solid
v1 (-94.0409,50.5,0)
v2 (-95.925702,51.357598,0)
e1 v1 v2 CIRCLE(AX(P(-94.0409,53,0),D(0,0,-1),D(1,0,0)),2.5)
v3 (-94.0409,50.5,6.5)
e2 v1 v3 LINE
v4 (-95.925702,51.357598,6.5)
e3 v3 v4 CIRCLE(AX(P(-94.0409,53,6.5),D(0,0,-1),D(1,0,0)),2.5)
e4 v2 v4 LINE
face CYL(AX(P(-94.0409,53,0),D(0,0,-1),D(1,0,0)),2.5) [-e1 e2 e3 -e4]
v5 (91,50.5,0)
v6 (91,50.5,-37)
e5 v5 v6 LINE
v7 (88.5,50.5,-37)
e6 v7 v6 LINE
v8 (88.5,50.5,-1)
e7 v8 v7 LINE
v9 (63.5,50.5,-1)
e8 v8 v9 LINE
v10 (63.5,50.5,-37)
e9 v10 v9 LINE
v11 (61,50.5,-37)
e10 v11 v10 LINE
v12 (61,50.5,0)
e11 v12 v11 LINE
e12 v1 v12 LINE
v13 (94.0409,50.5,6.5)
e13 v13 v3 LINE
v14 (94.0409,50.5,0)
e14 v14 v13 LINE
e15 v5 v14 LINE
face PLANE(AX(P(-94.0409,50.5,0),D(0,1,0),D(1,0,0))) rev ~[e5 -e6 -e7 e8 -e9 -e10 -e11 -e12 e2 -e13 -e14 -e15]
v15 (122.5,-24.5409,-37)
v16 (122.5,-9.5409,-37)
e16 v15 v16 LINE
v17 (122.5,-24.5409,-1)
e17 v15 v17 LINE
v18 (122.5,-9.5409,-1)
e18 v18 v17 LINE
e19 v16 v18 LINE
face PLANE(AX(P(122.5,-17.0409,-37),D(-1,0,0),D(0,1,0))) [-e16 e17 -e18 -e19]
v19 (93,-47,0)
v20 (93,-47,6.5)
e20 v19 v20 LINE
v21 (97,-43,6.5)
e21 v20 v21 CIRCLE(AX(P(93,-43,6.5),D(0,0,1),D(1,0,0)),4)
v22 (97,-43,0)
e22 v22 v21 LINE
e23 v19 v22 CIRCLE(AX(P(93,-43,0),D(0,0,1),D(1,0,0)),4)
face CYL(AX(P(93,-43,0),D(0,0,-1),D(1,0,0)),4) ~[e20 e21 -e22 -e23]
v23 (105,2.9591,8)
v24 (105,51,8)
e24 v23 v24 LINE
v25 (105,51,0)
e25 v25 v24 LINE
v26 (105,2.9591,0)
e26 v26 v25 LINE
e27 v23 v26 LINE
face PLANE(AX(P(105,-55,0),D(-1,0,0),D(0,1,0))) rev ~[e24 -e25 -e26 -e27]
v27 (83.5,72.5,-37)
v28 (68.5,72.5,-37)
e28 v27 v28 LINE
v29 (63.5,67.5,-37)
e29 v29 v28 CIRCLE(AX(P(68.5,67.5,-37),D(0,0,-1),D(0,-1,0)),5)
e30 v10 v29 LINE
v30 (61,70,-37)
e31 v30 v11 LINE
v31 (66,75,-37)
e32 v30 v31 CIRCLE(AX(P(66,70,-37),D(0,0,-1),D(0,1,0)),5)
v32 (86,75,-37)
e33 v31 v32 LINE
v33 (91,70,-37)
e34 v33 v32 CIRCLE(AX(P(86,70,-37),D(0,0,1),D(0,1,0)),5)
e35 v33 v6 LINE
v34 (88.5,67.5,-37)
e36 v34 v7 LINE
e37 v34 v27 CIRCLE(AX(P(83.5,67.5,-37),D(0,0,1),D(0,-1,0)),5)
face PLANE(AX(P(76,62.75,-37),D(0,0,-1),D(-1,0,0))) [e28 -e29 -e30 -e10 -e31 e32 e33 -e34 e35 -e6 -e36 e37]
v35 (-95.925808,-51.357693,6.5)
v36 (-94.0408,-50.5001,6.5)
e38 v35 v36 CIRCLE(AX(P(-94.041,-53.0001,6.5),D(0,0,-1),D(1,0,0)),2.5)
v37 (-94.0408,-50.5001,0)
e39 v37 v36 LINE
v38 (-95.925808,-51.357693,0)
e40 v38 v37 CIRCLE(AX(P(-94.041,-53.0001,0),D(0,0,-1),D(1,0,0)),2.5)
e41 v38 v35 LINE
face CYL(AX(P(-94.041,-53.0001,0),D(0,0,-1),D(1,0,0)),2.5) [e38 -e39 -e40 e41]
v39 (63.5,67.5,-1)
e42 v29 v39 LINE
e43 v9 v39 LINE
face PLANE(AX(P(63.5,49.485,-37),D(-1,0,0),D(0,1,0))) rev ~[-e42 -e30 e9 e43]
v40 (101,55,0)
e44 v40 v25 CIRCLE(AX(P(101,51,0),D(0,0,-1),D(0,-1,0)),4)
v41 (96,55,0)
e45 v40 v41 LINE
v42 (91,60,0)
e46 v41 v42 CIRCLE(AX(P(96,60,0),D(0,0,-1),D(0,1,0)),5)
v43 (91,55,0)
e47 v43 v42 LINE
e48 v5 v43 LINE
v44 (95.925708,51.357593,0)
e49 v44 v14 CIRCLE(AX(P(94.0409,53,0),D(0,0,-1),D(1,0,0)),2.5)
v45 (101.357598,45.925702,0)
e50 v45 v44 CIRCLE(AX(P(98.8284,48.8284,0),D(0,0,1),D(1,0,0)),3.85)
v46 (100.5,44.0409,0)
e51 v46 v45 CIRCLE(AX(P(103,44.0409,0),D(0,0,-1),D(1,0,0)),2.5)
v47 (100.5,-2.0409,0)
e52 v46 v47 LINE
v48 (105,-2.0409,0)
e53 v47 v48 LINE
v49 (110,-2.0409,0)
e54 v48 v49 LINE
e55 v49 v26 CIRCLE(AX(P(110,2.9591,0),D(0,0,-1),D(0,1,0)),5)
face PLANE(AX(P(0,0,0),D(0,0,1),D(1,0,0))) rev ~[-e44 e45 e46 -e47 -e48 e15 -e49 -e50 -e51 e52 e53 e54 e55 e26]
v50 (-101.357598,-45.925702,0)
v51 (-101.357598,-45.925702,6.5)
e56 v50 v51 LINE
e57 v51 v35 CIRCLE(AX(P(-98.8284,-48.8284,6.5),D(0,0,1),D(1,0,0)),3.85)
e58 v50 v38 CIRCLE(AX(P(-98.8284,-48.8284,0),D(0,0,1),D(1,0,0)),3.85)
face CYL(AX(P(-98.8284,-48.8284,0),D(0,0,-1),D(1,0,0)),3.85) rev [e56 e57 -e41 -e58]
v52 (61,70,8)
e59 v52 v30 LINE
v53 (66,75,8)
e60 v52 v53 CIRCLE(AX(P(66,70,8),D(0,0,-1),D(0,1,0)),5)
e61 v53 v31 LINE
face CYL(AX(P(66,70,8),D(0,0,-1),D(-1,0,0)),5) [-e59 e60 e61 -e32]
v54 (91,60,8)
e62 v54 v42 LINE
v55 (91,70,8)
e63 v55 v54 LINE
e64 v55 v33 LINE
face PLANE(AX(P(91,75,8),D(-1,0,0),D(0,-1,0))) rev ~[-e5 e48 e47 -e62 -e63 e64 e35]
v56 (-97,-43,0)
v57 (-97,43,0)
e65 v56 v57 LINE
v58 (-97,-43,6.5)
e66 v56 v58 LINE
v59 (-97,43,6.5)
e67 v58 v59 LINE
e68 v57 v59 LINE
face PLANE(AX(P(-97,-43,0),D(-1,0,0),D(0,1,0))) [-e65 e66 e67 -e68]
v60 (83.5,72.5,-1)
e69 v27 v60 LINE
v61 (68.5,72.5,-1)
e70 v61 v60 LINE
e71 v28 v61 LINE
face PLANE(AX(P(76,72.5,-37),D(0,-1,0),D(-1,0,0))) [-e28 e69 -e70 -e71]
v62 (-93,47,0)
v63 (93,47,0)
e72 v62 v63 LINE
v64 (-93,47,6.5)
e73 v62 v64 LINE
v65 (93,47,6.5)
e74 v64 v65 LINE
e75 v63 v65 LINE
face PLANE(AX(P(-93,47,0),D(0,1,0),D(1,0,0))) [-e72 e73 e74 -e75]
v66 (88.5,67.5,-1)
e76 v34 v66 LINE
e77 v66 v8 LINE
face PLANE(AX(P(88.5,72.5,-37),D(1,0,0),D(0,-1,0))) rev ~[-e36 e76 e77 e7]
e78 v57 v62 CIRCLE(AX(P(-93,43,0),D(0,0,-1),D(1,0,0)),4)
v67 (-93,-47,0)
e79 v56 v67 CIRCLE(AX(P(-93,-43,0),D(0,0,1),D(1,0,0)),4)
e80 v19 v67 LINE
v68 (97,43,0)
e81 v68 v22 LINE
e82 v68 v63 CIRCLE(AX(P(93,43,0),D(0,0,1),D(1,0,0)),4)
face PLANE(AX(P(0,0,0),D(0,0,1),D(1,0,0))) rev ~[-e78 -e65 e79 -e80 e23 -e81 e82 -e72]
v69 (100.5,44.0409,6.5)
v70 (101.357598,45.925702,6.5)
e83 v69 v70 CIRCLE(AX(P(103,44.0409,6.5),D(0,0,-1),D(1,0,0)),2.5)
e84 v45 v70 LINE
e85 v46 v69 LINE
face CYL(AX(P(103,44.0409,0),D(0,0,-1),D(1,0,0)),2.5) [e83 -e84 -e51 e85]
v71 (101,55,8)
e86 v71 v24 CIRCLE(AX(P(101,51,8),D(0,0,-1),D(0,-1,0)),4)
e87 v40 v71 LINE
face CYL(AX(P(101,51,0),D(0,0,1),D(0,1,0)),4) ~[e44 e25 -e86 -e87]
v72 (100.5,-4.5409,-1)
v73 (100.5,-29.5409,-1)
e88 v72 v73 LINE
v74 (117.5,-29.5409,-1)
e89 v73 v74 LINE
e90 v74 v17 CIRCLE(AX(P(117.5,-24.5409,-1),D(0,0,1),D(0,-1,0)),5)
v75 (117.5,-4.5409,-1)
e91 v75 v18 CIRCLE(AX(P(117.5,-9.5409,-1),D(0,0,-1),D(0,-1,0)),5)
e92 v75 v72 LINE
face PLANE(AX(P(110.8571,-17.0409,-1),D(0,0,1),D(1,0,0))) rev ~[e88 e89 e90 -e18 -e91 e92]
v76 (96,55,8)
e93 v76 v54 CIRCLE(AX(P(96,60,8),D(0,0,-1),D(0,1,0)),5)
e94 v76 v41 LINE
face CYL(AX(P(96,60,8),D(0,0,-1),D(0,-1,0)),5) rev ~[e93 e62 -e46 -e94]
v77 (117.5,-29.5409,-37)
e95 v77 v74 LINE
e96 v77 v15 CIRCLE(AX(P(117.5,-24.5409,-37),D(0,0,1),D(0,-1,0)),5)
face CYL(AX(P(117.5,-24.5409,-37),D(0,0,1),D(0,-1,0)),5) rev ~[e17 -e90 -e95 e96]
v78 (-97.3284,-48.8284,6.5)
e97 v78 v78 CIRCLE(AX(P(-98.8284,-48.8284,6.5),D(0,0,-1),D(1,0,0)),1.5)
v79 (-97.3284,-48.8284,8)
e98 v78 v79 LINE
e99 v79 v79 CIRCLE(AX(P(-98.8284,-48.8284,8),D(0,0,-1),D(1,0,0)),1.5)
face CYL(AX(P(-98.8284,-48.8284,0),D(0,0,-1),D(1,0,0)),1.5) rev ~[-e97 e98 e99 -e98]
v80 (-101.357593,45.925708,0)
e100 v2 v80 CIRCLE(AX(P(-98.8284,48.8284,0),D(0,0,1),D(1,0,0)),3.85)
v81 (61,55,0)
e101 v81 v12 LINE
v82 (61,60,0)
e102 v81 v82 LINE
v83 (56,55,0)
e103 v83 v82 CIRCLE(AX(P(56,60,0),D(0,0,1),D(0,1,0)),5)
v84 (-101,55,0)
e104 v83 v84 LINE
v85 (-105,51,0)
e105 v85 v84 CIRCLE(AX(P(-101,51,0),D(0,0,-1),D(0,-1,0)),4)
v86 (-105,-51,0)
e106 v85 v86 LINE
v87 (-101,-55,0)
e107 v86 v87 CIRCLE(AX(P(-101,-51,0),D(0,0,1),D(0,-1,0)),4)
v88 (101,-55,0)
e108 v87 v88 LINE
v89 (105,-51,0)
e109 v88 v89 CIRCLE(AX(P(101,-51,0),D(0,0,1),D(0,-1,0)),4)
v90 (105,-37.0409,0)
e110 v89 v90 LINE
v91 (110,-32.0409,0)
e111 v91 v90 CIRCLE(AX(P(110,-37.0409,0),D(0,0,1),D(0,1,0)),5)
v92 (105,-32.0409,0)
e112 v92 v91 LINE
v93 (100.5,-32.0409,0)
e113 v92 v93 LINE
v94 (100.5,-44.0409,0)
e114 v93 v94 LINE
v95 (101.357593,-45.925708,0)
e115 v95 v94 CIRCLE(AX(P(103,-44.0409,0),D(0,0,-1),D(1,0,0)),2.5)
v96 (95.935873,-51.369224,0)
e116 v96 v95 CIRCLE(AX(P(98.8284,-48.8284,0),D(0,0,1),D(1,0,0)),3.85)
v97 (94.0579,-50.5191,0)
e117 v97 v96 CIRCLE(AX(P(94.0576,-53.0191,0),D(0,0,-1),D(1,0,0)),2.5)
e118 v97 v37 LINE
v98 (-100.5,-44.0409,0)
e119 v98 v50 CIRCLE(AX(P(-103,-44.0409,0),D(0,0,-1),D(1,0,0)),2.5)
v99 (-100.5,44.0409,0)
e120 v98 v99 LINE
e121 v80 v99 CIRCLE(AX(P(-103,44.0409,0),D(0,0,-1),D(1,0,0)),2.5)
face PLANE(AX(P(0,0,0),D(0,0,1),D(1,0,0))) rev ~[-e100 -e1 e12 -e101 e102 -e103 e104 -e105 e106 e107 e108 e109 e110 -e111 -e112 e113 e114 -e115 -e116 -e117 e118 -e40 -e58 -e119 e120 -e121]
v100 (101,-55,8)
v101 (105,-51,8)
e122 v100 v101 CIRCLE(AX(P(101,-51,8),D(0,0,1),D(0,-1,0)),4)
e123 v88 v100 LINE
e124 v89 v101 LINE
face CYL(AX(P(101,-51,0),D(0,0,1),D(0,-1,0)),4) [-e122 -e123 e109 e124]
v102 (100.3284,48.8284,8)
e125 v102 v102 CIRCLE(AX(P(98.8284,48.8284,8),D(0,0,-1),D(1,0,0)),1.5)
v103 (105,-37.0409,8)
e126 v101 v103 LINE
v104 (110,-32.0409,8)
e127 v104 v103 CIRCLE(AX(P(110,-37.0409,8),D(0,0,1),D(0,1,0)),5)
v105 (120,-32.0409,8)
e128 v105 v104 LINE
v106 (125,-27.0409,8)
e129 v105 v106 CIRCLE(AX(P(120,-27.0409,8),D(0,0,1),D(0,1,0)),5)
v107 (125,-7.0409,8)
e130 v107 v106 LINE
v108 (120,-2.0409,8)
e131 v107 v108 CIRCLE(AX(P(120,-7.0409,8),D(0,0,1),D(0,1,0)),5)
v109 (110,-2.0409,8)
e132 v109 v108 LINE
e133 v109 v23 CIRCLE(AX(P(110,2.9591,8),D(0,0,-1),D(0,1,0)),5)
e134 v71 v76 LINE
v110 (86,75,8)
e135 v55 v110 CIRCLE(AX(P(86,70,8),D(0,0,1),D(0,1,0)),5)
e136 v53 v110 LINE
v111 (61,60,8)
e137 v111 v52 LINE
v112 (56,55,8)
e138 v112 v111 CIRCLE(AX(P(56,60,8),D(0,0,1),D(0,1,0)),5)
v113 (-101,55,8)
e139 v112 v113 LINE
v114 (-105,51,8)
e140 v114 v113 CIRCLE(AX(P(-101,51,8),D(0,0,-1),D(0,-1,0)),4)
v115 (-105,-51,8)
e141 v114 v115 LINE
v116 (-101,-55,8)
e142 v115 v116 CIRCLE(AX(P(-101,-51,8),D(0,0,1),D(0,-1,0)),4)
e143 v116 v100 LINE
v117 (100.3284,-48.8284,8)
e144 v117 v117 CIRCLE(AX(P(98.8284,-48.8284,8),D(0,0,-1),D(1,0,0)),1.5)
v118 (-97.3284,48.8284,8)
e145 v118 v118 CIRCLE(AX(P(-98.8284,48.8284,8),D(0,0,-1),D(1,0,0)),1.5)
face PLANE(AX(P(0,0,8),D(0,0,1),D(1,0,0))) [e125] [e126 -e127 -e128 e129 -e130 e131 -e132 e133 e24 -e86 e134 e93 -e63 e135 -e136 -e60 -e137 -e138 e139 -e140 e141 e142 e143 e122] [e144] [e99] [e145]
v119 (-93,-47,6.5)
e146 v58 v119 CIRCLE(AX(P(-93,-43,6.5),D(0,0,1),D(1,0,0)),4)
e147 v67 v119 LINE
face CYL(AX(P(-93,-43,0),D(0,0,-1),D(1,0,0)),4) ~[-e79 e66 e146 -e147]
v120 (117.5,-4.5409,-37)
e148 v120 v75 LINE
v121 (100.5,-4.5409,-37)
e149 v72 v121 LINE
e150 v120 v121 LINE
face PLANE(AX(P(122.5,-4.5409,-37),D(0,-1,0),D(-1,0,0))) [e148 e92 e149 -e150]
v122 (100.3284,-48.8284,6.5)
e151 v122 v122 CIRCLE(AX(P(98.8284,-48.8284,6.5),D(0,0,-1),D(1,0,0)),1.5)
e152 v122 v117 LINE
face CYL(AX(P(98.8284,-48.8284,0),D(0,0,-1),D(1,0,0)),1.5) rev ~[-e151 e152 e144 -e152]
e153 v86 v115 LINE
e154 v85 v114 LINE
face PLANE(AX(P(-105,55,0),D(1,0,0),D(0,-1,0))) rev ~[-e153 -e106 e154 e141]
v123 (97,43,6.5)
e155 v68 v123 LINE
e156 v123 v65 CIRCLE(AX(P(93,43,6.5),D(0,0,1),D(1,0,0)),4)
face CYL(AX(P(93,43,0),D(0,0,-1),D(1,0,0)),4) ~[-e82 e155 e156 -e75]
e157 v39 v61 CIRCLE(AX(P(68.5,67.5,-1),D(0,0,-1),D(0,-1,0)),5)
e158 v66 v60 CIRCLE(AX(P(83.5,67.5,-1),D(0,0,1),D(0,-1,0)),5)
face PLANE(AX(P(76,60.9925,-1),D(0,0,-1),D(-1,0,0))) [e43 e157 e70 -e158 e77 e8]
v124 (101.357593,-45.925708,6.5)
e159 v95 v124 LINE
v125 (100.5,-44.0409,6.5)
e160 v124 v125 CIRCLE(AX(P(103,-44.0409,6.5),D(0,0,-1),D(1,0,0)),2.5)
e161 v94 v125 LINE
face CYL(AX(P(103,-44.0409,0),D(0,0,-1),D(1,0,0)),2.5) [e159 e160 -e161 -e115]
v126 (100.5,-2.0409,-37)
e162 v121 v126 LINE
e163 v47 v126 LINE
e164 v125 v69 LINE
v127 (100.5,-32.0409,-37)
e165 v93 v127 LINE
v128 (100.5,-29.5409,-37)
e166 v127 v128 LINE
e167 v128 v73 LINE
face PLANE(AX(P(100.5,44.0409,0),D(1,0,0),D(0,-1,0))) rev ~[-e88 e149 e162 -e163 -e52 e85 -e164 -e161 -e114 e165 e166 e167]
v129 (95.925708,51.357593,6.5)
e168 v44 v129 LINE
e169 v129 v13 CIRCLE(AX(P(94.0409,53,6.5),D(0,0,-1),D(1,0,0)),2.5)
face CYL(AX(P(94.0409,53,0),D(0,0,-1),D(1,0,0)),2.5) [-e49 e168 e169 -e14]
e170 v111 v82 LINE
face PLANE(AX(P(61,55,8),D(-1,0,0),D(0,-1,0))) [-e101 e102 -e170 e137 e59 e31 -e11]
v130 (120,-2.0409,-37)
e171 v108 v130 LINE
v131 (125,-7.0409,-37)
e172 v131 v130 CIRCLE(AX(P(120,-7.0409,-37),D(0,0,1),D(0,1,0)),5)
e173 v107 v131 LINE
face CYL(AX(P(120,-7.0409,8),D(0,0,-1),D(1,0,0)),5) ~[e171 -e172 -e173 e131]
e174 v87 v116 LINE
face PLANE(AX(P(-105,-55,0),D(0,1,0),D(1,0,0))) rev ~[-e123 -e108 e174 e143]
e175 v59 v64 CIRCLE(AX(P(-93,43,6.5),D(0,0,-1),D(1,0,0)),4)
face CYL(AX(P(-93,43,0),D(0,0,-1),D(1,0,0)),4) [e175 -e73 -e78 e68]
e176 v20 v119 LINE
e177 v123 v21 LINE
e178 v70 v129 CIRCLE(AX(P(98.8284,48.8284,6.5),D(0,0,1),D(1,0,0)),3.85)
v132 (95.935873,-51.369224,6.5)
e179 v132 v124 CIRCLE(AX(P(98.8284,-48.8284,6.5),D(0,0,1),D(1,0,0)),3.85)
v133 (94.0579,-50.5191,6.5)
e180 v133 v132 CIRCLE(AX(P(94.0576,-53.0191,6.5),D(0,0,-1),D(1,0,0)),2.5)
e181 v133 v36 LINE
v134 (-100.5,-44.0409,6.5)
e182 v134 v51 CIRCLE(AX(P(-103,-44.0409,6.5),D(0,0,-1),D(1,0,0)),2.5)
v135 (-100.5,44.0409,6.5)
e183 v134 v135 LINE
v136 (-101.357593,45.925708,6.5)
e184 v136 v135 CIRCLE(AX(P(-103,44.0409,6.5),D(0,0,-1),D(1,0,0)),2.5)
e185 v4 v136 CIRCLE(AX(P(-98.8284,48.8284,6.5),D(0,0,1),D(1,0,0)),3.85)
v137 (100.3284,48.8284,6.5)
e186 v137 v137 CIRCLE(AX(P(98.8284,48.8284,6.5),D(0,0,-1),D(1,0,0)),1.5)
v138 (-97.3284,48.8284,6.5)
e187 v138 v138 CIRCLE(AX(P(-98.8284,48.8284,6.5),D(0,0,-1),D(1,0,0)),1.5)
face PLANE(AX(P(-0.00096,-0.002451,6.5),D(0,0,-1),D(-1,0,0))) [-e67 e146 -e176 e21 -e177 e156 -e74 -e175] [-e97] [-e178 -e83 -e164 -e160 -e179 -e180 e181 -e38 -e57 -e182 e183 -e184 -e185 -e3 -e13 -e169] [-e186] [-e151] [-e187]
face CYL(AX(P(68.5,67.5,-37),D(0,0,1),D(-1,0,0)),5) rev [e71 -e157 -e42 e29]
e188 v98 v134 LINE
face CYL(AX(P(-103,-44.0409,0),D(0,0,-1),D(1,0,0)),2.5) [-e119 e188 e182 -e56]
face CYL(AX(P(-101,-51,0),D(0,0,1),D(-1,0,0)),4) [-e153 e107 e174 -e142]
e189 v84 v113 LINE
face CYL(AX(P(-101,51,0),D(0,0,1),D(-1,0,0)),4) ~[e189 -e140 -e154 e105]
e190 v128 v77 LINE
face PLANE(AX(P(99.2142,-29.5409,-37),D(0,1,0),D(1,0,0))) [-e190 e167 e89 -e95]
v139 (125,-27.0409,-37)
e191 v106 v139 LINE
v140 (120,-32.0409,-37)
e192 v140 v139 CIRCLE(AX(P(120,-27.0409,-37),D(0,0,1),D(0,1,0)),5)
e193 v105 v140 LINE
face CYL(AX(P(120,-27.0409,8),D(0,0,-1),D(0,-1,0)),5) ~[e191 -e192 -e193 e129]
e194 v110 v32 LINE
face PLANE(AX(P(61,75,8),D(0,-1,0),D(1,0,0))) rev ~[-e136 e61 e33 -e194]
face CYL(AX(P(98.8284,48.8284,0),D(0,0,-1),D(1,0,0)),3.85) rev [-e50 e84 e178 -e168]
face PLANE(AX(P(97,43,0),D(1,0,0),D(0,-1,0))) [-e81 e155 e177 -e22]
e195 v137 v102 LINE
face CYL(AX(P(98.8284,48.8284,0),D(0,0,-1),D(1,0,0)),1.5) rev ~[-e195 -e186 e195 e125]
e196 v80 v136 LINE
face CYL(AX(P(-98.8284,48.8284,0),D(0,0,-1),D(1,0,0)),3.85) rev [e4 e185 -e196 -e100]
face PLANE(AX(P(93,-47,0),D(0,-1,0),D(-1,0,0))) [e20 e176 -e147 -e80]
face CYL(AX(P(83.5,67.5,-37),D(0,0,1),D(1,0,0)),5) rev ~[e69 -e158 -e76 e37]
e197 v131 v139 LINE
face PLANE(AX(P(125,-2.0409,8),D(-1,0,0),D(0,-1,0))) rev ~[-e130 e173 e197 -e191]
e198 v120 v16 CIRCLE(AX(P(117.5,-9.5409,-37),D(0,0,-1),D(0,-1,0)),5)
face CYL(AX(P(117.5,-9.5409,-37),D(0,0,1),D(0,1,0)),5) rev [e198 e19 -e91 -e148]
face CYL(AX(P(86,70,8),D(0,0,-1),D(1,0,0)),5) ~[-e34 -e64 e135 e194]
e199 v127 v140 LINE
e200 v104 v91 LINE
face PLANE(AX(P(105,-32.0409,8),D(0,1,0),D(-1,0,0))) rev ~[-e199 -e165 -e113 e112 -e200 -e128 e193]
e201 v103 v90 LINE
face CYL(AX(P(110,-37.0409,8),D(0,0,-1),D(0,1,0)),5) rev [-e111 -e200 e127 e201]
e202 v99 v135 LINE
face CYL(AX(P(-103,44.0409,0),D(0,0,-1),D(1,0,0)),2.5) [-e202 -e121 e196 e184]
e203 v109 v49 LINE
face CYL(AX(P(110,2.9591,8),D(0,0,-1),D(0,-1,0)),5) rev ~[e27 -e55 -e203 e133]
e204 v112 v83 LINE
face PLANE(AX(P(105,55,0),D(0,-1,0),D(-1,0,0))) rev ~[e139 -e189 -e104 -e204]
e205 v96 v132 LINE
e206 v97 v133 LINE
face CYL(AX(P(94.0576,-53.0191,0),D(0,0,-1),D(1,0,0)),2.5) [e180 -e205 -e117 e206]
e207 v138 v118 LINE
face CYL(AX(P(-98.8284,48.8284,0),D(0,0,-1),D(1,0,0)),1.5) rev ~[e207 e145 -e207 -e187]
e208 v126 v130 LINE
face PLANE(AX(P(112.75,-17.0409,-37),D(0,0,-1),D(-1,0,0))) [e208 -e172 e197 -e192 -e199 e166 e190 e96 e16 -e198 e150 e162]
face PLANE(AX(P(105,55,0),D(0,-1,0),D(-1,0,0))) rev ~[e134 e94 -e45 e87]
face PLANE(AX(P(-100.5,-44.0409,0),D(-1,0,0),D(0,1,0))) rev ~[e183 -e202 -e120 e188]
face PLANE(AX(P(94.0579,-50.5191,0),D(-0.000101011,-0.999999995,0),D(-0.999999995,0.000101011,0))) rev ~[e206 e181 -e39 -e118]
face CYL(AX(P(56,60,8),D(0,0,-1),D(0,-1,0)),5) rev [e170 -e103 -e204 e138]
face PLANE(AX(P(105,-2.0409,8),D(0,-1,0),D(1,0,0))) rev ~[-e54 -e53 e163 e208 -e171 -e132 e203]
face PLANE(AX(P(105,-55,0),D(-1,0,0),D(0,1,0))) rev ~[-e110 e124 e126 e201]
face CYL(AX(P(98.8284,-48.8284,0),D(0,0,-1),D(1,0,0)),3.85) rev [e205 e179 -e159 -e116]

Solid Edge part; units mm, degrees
sketch "Sketch1" plane through (0, 0, 0) normal (0, 0, 1) x (1, 0, 0)
  line L0 (-105, 55) -> (-105, -55)
  line L1 (-105, -55) -> (105, -55)
  line L2 (105, -55) -> (105, 55)
  line L3 (105, 55) -> (-105, 55)
extrude "Protrusion1" add sketch "Sketch1" along normal blind 8
sketch "Sketch2" plane through (0, 0, 0) normal (0, 0, -1) x (1, 0, 0)
  line L0 (-94.0409, -50.5) -> (94.0409, -50.5)
  arc A0 (95.9257, -51.3576) -> (94.0409, -50.5) centre (94.0409, -53) ccw
  arc A1 (101.3576, -45.9257) -> (95.9257, -51.3576) centre (98.8284, -48.8284) cw
  arc A2 (100.5, -44.0409) -> (101.3576, -45.9257) centre (103, -44.0409) ccw
  line L1 (100.5, -44.0409) -> (100.5, 44.0409)
  arc A3 (101.3576, 45.9257) -> (100.5, 44.0409) centre (103, 44.0409) ccw
  arc A4 (95.9359, 51.3692) -> (101.3576, 45.9257) centre (98.8284, 48.8284) cw
  arc A5 (94.0579, 50.5191) -> (95.9359, 51.3692) centre (94.0576, 53.0191) ccw
  line L2 (94.0579, 50.5191) -> (-94.0408, 50.5001)
  arc A6 (-95.9258, 51.3577) -> (-94.0408, 50.5001) centre (-94.041, 53.0001) ccw
  arc A7 (-101.3576, 45.9257) -> (-95.9258, 51.3577) centre (-98.8284, 48.8284) cw
  arc A8 (-100.5, 44.0409) -> (-101.3576, 45.9257) centre (-103, 44.0409) ccw
  line L3 (-100.5, 44.0409) -> (-100.5, -44.0409)
  arc A9 (-101.3576, -45.9257) -> (-100.5, -44.0409) centre (-103, -44.0409) ccw
  arc A10 (-95.9257, -51.3576) -> (-101.3576, -45.9257) centre (-98.8284, -48.8284) cw
  arc A11 (-94.0409, -50.5) -> (-95.9257, -51.3576) centre (-94.0409, -53) ccw
  line L4 (97, -43) -> (97, 43)
  arc A12 (93, 47) -> (97, 43) centre (93, 43) cw
  line L5 (93, 47) -> (-93, 47)
  arc A13 (-97, 43) -> (-93, 47) centre (-93, 43) cw
  line L6 (-97, 43) -> (-97, -43)
  arc A14 (-97, -43) -> (-93, -47) centre (-93, -43) ccw
  line L7 (-93, -47) -> (93, -47)
  arc A15 (97, -43) -> (93, -47) centre (93, -43) cw
extrude "Wycięcie_1" cut sketch "Sketch2" against normal blind 6.5
sketch "Sketch3" plane through (0, 0, 0) normal (0, 0, -1) x (1, 0, 0)
  circle A0 centre (-98.8284, 48.8284) radius 1.5
  circle A1 centre (98.8284, 48.8284) radius 1.5
  circle A2 centre (98.8284, -48.8284) radius 1.5
  circle A3 centre (-98.8284, -48.8284) radius 1.5
extrude "Wycięcie_2" cut sketch "Sketch3" against normal blind 159.0153
fillet "Zaokrąglenie_1" radius 4 4 edges at (105, -55, 4) (105, 55, 4) (-105, 55, 4) (-105, -55, 4)
sketch "Sketch4" plane through (0, 0, 8) normal (0, 0, 1) x (0, 1, 0)
  line L0 (55, -61) -> (75, -61)
  line L1 (75, -61) -> (75, -91)
  line L2 (75, -91) -> (55, -91)
  line L3 (50.5, -91) -> (55, -91)
  line L4 (50.5, -61) -> (50.5, -91)
  line L5 (55, -61) -> (50.5, -61)
  line L6 (-32.0409, -125) -> (-32.0409, -105)
  line L7 (-32.0409, -105) -> (-32.0409, -100.5)
  line L8 (-32.0409, -100.5) -> (-2.0409, -100.5)
  line L9 (-2.0409, -100.5) -> (-2.0409, -105)
  line L10 (-2.0409, -105) -> (-2.0409, -125)
  line L11 (-2.0409, -125) -> (-32.0409, -125)
extrude "Wyciągnięcie_2" add sketch "Sketch4" against normal blind 45
sketch "Sketch5" plane through (76, 65, -37) normal (0, 0, -1) x (-1, 0, 0)
  line L0 (-12.5, -15.515) -> (12.5, -15.515)
  line L1 (12.5, -15.515) -> (12.5, 7.5)
  line L2 (0, 7.5) -> (12.5, 7.5)
  line L3 (0, 7.5) -> (-12.5, 7.5)
  line L4 (-12.5, 7.5) -> (-12.5, -15.515)
  line L5 (-46.5, -82.0409) -> (-46.5, -69.5409)
  line L6 (-46.5, -69.5409) -> (-23.2142, -69.5409)
  line L7 (-23.2142, -69.5409) -> (-23.2142, -94.5409)
  line L8 (-23.2142, -94.5409) -> (-46.5, -94.5409)
  line L9 (-46.5, -94.5409) -> (-46.5, -82.0409)
extrude "Wycięcie_3" cut sketch "Sketch5" against normal blind 36
fillet "Zaokrąglenie_2" radius 5 12 edges at (105, -2.0409, 4) (125, -2.0409, -14.5) (125, -32.0409, -14.5) (105, -32.0409, 4) (91, 75, -14.5) (91, 55, 4) (61, 55, 4) (61, 75, -14.5) (63.5, 72.5, -19) (88.5, 72.5, -19) (122.5, -4.5409, -19) (122.5, -29.5409, -19)
